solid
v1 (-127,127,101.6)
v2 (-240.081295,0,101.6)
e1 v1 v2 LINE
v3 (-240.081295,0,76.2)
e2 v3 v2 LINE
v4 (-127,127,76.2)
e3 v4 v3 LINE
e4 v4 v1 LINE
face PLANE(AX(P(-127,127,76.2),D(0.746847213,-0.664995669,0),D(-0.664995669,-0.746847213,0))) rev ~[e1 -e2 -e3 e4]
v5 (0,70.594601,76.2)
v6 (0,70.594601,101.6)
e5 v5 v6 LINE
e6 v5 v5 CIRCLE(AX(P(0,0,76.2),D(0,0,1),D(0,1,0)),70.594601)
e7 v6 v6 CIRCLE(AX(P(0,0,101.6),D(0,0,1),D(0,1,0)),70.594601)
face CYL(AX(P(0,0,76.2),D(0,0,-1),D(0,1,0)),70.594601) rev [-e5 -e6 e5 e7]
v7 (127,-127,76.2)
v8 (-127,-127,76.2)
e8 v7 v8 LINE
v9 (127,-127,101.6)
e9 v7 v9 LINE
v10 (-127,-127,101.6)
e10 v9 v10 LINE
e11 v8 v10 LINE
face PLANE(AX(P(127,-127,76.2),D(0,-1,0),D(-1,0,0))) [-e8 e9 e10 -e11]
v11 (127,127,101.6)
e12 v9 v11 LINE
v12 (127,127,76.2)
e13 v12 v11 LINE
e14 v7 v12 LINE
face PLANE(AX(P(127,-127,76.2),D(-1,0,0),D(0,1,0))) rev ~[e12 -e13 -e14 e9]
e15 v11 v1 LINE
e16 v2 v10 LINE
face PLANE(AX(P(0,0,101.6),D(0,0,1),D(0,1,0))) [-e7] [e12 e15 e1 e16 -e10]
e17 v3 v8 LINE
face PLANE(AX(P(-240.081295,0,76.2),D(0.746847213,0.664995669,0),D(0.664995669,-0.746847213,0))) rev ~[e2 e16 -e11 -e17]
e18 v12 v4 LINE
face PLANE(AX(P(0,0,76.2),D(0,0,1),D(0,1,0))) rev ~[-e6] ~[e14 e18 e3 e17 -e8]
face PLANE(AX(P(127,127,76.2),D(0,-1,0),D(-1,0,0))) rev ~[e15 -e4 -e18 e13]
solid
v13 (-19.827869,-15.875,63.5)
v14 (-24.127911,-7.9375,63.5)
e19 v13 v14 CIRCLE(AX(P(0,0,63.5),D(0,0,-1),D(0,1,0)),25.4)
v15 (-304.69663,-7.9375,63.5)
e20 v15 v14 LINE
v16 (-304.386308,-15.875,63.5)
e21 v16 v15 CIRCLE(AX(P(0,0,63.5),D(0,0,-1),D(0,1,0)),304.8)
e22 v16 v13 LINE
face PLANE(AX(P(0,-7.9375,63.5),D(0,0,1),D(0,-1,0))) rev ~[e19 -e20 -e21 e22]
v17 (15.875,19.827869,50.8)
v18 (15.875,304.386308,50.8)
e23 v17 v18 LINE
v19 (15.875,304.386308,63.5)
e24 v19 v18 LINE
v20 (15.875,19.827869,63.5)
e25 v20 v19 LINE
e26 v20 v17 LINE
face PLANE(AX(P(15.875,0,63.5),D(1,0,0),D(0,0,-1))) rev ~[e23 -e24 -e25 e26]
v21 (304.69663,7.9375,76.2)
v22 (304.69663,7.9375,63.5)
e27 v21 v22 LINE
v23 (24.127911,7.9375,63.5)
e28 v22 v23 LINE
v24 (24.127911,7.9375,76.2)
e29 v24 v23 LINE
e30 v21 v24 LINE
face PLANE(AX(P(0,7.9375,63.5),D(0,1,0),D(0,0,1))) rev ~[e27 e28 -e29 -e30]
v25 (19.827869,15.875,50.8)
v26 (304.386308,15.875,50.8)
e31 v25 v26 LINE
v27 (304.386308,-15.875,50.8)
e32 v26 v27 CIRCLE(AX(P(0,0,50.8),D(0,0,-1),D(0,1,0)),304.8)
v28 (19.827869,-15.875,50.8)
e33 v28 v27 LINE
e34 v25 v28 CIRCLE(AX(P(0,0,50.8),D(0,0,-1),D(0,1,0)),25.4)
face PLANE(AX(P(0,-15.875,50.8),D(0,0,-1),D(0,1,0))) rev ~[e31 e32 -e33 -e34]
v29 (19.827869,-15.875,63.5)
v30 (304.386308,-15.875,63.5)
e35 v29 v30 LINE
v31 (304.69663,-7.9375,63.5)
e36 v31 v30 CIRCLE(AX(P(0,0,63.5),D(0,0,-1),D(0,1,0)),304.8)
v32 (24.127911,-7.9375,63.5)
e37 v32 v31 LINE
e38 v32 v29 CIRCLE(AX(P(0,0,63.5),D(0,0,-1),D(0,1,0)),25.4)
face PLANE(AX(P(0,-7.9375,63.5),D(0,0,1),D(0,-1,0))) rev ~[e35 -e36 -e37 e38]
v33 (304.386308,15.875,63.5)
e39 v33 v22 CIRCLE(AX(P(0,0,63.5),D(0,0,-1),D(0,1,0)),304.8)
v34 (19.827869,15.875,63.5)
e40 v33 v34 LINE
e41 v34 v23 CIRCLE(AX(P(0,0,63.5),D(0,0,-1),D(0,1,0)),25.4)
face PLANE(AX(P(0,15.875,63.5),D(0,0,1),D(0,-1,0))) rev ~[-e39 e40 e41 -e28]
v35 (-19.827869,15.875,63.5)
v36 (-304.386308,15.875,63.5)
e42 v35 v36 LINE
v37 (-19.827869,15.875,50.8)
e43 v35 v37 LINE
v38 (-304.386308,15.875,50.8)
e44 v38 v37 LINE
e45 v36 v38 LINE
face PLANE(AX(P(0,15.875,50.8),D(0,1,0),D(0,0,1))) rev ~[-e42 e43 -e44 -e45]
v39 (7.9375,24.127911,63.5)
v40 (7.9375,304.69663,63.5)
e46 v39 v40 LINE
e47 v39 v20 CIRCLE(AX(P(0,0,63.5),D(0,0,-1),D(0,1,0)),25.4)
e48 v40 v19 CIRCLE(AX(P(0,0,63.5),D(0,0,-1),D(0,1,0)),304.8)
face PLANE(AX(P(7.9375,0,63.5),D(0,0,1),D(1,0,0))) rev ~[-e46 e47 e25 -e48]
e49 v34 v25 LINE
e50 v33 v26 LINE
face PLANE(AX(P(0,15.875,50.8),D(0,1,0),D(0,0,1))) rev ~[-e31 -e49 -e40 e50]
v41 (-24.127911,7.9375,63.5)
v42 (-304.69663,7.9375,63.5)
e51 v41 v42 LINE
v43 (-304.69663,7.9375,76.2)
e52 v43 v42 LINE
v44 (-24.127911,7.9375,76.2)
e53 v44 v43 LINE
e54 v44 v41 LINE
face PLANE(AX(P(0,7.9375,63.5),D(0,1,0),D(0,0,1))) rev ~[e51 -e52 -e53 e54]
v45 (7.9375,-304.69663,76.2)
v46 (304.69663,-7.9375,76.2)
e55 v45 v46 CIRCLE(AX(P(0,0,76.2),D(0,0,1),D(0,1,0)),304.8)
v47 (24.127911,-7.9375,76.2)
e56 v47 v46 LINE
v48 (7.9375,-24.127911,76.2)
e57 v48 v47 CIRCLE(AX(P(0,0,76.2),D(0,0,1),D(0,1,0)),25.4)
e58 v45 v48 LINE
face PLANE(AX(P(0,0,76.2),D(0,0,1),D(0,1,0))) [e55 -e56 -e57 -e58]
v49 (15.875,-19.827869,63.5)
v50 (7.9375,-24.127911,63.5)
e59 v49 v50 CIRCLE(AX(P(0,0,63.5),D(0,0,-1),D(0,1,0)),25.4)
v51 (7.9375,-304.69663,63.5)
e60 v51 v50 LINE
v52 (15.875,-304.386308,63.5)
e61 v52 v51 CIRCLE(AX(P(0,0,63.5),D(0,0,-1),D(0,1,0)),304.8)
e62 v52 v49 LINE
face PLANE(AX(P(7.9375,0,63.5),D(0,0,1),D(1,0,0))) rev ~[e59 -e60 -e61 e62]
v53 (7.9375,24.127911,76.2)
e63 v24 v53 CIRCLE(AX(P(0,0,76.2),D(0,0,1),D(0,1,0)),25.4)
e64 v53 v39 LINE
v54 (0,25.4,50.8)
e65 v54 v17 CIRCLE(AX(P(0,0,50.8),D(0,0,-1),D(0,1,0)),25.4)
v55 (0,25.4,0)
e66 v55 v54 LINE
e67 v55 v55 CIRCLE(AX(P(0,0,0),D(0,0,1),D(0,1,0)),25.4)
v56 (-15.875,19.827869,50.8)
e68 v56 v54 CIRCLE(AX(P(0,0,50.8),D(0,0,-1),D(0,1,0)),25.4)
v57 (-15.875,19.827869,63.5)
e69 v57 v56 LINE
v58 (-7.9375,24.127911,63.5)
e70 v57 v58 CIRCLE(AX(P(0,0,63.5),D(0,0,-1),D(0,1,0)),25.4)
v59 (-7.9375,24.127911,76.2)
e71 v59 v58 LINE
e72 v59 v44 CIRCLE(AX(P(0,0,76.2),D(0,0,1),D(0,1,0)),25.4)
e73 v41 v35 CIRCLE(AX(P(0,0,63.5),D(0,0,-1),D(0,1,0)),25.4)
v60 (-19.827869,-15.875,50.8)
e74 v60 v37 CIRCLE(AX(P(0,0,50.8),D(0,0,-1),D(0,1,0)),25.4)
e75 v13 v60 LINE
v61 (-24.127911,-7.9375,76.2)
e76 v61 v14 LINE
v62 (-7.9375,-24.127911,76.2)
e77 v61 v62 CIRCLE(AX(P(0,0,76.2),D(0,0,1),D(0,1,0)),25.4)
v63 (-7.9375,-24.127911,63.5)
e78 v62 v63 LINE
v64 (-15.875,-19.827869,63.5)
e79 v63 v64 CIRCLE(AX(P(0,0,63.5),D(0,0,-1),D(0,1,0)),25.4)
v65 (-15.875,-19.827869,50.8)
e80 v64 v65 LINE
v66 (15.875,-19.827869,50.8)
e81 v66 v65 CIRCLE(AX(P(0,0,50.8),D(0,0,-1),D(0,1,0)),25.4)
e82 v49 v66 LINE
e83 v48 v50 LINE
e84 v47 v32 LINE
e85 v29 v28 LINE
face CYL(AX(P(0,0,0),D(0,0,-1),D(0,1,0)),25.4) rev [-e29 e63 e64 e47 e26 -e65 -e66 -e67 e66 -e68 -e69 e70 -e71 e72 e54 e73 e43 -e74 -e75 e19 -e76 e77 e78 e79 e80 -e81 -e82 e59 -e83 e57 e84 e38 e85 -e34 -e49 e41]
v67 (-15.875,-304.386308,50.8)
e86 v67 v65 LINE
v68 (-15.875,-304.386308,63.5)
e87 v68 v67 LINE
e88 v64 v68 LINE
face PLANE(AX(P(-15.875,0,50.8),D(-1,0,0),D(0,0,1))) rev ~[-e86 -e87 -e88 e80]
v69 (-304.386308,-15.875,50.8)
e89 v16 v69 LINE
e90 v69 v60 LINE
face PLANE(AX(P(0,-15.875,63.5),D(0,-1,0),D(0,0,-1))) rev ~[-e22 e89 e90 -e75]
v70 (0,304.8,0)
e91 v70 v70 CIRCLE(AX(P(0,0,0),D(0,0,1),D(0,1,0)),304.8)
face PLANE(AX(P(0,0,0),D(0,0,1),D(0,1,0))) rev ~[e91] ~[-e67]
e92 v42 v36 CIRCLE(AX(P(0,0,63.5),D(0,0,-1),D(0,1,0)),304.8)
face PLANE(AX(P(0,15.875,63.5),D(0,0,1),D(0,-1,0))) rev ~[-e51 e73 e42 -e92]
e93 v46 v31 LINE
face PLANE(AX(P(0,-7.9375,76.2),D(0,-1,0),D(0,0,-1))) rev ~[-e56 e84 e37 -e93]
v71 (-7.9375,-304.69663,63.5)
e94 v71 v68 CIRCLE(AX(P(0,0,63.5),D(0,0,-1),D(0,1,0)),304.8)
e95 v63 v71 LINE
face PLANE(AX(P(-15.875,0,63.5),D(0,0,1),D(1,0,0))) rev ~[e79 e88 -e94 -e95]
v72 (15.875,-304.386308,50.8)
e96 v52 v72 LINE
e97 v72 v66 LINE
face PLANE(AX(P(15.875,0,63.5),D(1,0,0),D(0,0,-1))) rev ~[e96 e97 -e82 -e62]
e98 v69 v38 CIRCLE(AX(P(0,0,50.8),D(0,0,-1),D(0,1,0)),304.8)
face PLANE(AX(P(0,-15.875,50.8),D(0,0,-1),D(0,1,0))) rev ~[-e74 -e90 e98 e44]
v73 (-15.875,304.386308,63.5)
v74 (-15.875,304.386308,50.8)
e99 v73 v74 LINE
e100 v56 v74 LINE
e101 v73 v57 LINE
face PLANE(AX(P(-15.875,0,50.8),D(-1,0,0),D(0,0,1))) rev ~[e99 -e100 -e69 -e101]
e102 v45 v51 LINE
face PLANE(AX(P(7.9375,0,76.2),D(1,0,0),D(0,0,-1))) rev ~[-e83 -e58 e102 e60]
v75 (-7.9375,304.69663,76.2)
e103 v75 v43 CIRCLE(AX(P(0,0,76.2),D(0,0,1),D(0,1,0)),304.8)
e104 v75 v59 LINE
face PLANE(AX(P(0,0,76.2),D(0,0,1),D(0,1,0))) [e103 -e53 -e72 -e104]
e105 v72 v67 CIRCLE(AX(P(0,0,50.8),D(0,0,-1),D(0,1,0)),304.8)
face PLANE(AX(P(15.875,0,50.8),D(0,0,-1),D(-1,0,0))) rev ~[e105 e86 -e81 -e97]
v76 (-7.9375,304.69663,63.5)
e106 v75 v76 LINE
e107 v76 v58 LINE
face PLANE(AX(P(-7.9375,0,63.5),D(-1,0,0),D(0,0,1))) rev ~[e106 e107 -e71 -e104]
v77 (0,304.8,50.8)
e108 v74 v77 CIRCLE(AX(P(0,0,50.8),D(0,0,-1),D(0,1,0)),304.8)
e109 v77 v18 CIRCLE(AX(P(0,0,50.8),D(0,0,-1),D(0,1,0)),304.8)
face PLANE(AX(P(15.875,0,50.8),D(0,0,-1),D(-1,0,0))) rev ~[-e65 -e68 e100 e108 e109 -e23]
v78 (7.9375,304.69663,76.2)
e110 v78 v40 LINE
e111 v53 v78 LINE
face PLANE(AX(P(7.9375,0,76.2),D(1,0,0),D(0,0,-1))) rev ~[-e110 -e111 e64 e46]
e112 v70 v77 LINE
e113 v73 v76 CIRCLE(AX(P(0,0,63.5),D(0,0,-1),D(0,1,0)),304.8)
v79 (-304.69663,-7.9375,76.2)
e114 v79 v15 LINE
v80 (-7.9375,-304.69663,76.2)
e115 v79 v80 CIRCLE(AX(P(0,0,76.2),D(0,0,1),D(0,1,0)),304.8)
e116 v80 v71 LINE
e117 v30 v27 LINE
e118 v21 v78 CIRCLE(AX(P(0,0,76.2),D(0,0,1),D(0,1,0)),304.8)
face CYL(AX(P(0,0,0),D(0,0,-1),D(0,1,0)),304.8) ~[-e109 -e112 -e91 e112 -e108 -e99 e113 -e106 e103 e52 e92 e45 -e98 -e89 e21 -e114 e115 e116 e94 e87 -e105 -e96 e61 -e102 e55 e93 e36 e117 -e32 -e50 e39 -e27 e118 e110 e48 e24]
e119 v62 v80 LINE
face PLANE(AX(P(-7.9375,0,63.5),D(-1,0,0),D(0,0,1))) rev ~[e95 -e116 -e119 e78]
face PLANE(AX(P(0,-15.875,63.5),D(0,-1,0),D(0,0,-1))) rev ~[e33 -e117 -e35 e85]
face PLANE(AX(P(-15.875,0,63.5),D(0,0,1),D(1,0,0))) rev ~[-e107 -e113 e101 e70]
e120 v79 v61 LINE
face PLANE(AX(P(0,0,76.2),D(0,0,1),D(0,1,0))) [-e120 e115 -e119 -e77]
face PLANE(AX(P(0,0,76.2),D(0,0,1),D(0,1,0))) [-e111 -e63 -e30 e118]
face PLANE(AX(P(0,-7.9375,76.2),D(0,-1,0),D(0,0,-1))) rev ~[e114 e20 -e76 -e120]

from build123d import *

# Parameters (mm, degrees)
F0_R          = 304.8
F0_R_2        = 25.4
F1_DEPTH      = 76.2
F3_DEPTH      = 304.801
F3_DEPTH_BACK = 304.801
F4_COUNT      = 2
F4_ANGLE      = 90
F6_W          = 254
F6_H          = 254
F6_R          = 70.594601
F7_DEPTH      = 25.4
F8_ANGLE      = 90


with BuildPart() as f1:
    # F0 (on Top) → F1 (new body)
    with BuildSketch(Plane.XY):
        Circle(F0_R)
        Circle(F0_R_2, mode=Mode.SUBTRACT)
    extrude(amount=F1_DEPTH)


with BuildPart() as f3:
    # F2 (on Front) → F3 (new body, two sides)
    with BuildSketch(Plane.XZ) as f3_sk:
        Polygon((7.9375, 76.2), (-7.9375, 76.2), (-7.9375, 63.5), (-15.875, 63.5), (-15.875, 50.8), (15.875, 50.8), (15.875, 63.5), (7.9375, 63.5), align=None)
    extrude(amount=F3_DEPTH)
    extrude(f3_sk.sketch, amount=-F3_DEPTH_BACK)


with BuildPart() as f4_1:
    # F4: instance of F3
    add(f3.part.rotate(Axis((0, 0, 58.865096), (0, 0, 1)), 1 * F4_ANGLE / (F4_COUNT - 1)))


with BuildPart() as f1_1:
    add(f1.part)

    # F5: cut F4_1, F3
    add(f4_1.part, mode=Mode.SUBTRACT)
    add(f3.part, mode=Mode.SUBTRACT)


with BuildPart() as f7:
    # F6 (on face) → F7 (new body)
    with BuildSketch(Plane.XY.offset(76.2)):
        Rectangle(F6_W, F6_H)
        Circle(F6_R, mode=Mode.SUBTRACT)
        Polygon((0, 240.081295), (-127, 127), (127, 127), align=None)
    extrude(amount=F7_DEPTH)


with BuildPart() as f1_2:
    # F8: moved
    add(f1_1.part.rotate(Axis((0, 0, 58.865096), (0, 0, 1)), F8_ANGLE))


with BuildPart() as f7_1:
    # F8: moved
    add(f7.part.rotate(Axis((0, 0, 58.865096), (0, 0, 1)), F8_ANGLE))


solid = Compound([f1_2.part, f7_1.part])
